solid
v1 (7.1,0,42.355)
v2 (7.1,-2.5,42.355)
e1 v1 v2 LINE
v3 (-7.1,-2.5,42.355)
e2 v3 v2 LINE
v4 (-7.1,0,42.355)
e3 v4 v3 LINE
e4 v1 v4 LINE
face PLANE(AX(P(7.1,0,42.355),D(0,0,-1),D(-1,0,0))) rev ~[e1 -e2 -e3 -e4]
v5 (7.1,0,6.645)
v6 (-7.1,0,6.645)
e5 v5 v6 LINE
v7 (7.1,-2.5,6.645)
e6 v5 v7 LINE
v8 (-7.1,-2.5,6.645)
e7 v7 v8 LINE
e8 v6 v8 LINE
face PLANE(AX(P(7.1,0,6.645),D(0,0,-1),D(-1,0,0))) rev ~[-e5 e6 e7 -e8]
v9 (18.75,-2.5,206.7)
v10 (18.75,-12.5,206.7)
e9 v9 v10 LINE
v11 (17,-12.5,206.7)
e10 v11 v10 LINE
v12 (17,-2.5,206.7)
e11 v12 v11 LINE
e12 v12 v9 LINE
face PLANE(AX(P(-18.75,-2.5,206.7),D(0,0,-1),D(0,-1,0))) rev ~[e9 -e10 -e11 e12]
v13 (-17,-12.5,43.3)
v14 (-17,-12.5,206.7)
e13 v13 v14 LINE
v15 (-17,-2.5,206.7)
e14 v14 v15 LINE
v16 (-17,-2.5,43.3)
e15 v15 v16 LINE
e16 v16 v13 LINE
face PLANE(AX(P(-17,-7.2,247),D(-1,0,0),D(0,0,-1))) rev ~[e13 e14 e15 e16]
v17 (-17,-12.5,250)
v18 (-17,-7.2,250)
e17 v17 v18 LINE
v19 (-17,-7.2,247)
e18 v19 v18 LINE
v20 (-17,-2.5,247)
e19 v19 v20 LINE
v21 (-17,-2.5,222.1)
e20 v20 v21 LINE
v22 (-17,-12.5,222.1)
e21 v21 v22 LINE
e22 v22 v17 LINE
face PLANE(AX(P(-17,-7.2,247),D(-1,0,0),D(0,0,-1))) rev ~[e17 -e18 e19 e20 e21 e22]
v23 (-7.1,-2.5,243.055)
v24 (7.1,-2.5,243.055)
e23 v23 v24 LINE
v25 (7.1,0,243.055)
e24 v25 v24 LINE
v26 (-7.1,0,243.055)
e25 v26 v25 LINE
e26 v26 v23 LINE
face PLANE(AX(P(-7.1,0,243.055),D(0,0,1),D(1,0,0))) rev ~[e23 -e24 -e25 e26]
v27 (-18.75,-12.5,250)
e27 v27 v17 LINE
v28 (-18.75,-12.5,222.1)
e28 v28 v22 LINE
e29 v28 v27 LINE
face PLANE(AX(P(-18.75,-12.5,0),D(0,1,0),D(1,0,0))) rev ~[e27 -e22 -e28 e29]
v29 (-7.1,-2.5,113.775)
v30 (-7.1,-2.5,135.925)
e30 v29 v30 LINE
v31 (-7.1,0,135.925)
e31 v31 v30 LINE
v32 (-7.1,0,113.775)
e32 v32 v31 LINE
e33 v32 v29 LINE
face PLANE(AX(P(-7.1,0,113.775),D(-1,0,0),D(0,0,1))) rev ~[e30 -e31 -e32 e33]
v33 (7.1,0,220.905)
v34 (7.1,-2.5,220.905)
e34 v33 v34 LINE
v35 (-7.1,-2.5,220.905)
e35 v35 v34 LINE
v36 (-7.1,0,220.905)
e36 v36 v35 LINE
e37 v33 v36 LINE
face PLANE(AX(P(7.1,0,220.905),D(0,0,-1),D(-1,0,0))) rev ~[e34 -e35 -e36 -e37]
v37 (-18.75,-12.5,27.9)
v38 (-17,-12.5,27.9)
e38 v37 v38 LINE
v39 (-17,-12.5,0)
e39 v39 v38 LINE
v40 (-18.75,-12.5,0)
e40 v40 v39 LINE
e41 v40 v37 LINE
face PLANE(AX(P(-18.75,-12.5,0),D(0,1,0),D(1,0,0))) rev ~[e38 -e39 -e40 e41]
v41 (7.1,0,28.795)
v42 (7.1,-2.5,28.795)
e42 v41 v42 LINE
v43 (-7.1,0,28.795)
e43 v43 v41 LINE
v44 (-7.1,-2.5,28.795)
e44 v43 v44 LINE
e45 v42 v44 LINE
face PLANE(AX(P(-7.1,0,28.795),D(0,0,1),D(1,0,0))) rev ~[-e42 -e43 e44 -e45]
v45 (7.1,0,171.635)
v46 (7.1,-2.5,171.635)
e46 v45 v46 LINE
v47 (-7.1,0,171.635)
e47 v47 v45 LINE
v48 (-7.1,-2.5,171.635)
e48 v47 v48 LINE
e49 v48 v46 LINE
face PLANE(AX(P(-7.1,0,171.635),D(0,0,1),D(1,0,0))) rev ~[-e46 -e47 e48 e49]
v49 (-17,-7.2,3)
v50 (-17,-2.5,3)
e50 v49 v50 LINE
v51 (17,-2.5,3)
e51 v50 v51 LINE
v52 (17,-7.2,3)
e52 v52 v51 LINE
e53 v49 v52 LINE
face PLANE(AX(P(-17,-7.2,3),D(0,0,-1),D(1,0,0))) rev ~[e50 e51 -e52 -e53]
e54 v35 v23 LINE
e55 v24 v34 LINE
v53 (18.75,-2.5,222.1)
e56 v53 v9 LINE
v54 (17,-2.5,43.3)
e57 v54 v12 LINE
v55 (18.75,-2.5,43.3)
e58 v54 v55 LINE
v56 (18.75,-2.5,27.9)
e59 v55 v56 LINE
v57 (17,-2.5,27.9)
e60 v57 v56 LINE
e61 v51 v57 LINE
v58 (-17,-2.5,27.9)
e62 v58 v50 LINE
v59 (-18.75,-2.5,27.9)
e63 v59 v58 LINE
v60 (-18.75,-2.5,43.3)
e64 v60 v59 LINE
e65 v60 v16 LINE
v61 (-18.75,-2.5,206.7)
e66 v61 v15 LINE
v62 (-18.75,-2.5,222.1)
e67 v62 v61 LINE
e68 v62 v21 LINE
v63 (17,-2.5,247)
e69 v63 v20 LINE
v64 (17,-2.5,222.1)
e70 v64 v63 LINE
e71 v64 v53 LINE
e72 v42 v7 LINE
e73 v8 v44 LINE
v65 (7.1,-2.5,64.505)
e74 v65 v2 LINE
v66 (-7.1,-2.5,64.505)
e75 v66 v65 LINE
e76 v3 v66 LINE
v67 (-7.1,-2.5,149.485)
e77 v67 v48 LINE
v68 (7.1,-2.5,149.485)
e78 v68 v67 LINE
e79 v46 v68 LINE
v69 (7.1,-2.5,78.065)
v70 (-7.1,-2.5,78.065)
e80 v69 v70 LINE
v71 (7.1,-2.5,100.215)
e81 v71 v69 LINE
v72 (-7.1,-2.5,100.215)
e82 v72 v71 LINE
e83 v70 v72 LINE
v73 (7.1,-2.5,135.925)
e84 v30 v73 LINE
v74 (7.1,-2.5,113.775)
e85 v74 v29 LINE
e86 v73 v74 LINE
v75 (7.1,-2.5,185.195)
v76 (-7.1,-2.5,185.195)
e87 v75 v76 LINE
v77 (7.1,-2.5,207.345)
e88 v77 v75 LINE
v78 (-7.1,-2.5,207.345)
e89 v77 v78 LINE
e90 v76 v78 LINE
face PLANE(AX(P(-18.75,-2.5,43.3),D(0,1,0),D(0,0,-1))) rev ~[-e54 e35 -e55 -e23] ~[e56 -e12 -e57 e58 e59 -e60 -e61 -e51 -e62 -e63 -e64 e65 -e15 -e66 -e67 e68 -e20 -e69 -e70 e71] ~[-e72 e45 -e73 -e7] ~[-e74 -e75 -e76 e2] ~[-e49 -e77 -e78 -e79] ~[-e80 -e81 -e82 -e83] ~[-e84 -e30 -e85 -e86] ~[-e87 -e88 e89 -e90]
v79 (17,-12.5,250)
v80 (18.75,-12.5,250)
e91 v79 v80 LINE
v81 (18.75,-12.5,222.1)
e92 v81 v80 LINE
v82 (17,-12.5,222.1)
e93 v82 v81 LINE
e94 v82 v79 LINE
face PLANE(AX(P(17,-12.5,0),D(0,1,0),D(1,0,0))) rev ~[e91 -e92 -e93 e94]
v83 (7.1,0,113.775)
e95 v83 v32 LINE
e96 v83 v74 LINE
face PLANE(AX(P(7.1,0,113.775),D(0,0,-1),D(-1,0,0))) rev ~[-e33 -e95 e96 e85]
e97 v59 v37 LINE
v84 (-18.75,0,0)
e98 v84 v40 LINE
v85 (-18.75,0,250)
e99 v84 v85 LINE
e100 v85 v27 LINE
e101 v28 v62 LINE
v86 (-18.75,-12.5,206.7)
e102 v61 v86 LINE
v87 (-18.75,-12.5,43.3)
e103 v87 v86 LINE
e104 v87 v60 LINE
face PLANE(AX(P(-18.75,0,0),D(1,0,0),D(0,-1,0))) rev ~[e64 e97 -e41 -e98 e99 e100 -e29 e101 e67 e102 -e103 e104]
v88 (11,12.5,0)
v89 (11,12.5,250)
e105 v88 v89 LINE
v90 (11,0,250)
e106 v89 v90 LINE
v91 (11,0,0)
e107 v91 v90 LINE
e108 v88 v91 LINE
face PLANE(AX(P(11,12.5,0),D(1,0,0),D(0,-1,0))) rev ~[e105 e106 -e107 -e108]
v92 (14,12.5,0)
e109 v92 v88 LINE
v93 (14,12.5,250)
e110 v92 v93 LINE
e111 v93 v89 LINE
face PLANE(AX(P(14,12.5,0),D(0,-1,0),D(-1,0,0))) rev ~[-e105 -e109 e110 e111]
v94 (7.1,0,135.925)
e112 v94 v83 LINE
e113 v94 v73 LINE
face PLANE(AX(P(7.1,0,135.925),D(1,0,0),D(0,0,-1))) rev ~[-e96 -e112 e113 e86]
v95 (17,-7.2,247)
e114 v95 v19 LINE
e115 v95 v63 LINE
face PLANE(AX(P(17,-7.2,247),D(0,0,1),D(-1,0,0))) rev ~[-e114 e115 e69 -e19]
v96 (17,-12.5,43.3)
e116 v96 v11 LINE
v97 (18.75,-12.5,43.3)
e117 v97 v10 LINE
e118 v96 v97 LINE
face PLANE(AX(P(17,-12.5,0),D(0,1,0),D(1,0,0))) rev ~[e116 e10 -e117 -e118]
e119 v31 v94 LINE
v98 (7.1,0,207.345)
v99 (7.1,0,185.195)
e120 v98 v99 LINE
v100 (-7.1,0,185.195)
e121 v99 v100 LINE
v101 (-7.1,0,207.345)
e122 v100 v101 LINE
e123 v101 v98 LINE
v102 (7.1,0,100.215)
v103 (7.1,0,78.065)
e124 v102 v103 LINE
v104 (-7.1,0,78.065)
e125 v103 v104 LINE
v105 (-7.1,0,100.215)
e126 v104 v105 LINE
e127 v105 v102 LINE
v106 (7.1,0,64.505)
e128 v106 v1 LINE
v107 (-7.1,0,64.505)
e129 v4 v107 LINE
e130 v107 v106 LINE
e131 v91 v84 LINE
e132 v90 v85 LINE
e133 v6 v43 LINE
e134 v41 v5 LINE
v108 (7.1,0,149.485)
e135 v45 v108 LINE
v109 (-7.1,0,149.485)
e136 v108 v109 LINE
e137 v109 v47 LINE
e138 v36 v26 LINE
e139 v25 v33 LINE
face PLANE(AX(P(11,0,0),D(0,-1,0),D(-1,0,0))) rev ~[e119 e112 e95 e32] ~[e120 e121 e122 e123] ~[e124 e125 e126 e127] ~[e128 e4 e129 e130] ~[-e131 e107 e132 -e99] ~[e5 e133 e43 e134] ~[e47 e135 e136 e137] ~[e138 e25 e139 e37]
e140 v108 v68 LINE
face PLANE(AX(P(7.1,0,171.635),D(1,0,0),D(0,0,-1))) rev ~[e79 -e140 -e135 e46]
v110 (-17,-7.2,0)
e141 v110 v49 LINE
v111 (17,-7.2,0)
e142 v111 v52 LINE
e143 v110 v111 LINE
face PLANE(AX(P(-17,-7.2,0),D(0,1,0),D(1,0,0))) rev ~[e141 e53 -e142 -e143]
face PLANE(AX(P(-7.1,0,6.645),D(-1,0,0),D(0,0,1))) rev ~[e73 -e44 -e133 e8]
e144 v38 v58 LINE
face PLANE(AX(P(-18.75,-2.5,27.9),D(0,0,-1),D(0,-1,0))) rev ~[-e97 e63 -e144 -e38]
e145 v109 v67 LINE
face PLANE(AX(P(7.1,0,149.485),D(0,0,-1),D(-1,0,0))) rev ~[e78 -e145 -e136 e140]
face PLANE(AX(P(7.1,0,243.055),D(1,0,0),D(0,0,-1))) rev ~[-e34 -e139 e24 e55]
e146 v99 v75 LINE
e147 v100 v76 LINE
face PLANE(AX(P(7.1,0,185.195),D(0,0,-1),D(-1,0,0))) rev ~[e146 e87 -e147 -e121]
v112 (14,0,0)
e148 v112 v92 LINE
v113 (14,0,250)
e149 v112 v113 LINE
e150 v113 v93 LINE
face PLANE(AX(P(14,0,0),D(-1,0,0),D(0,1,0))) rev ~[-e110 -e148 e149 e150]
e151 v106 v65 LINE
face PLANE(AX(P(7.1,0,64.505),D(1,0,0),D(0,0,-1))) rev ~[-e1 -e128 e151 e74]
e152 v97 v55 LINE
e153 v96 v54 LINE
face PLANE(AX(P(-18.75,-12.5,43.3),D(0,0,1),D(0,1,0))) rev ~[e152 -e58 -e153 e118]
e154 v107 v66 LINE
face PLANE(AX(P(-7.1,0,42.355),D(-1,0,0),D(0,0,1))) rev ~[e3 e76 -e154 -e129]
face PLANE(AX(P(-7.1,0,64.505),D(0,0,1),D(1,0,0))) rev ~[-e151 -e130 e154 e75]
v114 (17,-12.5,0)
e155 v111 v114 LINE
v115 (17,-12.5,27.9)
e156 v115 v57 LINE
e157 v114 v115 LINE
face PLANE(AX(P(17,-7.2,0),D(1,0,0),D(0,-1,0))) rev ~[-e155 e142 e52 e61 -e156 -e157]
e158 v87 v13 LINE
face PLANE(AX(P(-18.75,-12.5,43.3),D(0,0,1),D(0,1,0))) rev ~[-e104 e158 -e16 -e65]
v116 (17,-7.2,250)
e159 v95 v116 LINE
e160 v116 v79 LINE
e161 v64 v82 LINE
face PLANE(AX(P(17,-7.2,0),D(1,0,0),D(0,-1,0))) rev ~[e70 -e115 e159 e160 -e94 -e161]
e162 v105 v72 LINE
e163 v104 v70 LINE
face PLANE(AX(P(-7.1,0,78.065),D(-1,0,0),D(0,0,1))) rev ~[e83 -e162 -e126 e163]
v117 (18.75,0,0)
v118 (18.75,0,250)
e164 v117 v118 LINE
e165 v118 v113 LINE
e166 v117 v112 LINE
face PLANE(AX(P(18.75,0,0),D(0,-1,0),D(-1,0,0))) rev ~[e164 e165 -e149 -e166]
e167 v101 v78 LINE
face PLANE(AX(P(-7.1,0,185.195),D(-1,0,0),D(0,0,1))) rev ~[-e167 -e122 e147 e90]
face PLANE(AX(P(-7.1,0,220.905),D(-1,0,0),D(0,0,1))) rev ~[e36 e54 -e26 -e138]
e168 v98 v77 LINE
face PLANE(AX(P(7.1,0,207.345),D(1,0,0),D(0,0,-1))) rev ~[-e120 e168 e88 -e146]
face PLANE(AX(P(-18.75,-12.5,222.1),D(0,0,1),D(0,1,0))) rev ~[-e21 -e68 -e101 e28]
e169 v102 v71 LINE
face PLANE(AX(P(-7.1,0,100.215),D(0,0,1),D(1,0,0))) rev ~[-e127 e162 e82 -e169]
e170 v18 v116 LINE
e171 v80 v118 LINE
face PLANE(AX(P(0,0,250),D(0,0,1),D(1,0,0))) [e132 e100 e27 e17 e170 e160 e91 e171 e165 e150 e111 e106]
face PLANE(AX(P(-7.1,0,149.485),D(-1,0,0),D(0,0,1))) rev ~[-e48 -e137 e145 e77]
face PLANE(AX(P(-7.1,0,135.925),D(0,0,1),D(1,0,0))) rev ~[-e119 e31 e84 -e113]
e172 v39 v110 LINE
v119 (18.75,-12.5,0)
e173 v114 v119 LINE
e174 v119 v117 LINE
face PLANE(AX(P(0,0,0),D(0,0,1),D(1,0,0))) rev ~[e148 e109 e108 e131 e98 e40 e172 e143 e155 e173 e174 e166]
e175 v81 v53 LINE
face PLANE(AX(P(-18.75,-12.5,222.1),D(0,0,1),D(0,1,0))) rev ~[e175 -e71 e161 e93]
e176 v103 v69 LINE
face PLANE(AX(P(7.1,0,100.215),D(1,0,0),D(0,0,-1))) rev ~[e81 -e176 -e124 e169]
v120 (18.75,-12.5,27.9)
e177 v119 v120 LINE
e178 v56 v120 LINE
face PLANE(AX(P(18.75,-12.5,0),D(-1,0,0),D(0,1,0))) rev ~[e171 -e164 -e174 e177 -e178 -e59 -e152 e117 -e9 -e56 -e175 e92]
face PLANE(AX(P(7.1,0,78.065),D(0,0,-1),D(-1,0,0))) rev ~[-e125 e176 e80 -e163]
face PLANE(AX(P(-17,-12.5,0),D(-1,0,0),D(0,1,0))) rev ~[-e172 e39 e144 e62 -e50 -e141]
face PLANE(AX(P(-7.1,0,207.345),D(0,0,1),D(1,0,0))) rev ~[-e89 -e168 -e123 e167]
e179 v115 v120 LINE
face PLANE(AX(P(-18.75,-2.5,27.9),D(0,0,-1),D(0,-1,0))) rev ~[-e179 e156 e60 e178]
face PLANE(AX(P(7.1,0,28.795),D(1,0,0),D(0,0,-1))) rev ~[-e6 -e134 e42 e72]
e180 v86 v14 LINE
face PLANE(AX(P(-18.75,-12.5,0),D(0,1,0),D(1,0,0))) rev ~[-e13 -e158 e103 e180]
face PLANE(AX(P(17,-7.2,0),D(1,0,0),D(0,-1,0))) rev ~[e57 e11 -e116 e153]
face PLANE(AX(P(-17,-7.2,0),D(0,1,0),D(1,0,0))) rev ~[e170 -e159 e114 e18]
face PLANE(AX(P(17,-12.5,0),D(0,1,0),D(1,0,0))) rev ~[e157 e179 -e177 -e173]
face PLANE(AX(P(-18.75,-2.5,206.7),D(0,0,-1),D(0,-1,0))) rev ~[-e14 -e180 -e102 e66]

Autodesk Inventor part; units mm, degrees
sketch "Sketch_1" plane through (0, 0, 0) normal (0, 0, 1) x (1, 0, 0)
  line L0 (-18.75, -12.5) -> (-17, -12.5)
  line L1 (-17, -12.5) -> (-17, -7.2)
  line L2 (-17, -7.2) -> (17, -7.2)
  line L3 (17, -7.2) -> (17, -12.5)
  line L4 (17, -12.5) -> (18.75, -12.5)
  line L5 (18.75, -12.5) -> (18.75, 0)
  line L6 (18.75, 0) -> (14, 0)
  line L7 (14, 0) -> (14, 12.5)
  line L8 (14, 12.5) -> (11, 12.5)
  line L9 (11, 12.5) -> (11, 0)
  line L10 (11, 0) -> (-18.75, 0)
  line L11 (-18.75, 0) -> (-18.75, -12.5)
extrude "Extrusion1" add sketch "Sketch_1" along normal blind 250
sketch "Sketch_2" plane through (-18.75, 0, 0) normal (0, 1, 0) x (0, 0, 1)
  line L0 (6.645, 11.65) -> (28.795, 11.65)
  line L1 (28.795, 11.65) -> (28.795, 25.85)
  line L2 (28.795, 25.85) -> (6.645, 25.85)
  line L3 (6.645, 25.85) -> (6.645, 11.65)
extrude "Extrusion2" cut sketch "Sketch_2" against normal blind 8
sketch "Sketch_3" plane through (-18.75, 0, 0) normal (0, 1, 0) x (0, 0, 1)
  line L0 (42.355, 25.85) -> (42.355, 11.65)
  line L1 (42.355, 11.65) -> (64.505, 11.65)
  line L2 (64.505, 11.65) -> (64.505, 25.85)
  line L3 (64.505, 25.85) -> (42.355, 25.85)
extrude "Extrusion3" cut sketch "Sketch_3" against normal blind 8
sketch "Sketch_4" plane through (-18.75, 0, 0) normal (0, 1, 0) x (0, 0, 1)
  line L0 (78.065, 11.65) -> (100.215, 11.65)
  line L1 (100.215, 11.65) -> (100.215, 25.85)
  line L2 (100.215, 25.85) -> (78.065, 25.85)
  line L3 (78.065, 25.85) -> (78.065, 11.65)
extrude "Extrusion4" cut sketch "Sketch_4" against normal blind 8
sketch "Sketch_5" plane through (-18.75, 0, 0) normal (0, 1, 0) x (0, 0, 1)
  line L0 (113.775, 25.85) -> (113.775, 11.65)
  line L1 (113.775, 11.65) -> (135.925, 11.65)
  line L2 (135.925, 11.65) -> (135.925, 25.85)
  line L3 (135.925, 25.85) -> (113.775, 25.85)
extrude "Extrusion5" cut sketch "Sketch_5" against normal blind 8
sketch "Sketch_6" plane through (-18.75, 0, 0) normal (0, 1, 0) x (0, 0, 1)
  line L0 (149.485, 25.85) -> (149.485, 11.65)
  line L1 (149.485, 11.65) -> (171.635, 11.65)
  line L2 (171.635, 11.65) -> (171.635, 25.85)
  line L3 (171.635, 25.85) -> (149.485, 25.85)
extrude "Extrusion6" cut sketch "Sketch_6" against normal blind 8
sketch "Sketch_7" plane through (-18.75, 0, 0) normal (0, 1, 0) x (0, 0, 1)
  line L0 (185.195, 11.65) -> (207.345, 11.65)
  line L1 (207.345, 11.65) -> (207.345, 25.85)
  line L2 (207.345, 25.85) -> (185.195, 25.85)
  line L3 (185.195, 25.85) -> (185.195, 11.65)
extrude "Extrusion7" cut sketch "Sketch_7" against normal blind 8
sketch "Sketch_8" plane through (-18.75, 0, 0) normal (0, 1, 0) x (0, 0, 1)
  line L0 (220.905, 25.85) -> (220.905, 11.65)
  line L1 (220.905, 11.65) -> (243.055, 11.65)
  line L2 (243.055, 11.65) -> (243.055, 25.85)
  line L3 (243.055, 25.85) -> (220.905, 25.85)
extrude "Extrusion8" cut sketch "Sketch_8" against normal blind 8
sketch "Sketch_10" plane through (-18.75, -12.5, 0) normal (-1, 0, 0) x (0, 0, 1)
  line L0 (27.9, 10) -> (27.9, 0)
  line L1 (27.9, 0) -> (43.3, 0)
  line L2 (43.3, 0) -> (43.3, 10)
  line L3 (43.3, 10) -> (27.9, 10)
extrude "Extrusion9" cut sketch "Sketch_10" against normal blind 37.5
sketch "Sketch_11" plane through (-18.75, -12.5, 0) normal (-1, 0, 0) x (0, 0, 1)
  line L0 (206.7, 10) -> (206.7, 0)
  line L1 (206.7, 0) -> (222.1, 0)
  line L2 (222.1, 0) -> (222.1, 10)
  line L3 (222.1, 10) -> (206.7, 10)
extrude "Extrusion10" cut sketch "Sketch_11" against normal blind 37.5
sketch "Sketch_13" plane through (-17, -7.2, 0) normal (0, -1, 0) x (1, 0, 0)
  line L0 (0, 247) -> (0, 3)
  line L1 (0, 3) -> (34, 3)
  line L2 (34, 3) -> (34, 247)
  line L3 (34, 247) -> (0, 247)
extrude "Extrusion11" cut sketch "Sketch_13" against normal blind 4.7
ref_plane "p_XY" through (0, 0, 0) normal (0, 1, 0) x (1, 0, 0)
ref_plane "p_YZ" through (0, 0, 0) normal (1, 0, 0) x (0, 0, -1)
ref_plane "p_ZX" through (0, 0, 0) normal (0, 0, -1) x (0, 1, 0)
ref_plane "p1_XY" through (0, -9.5, 17.72) normal (1, 0, 0) x (0, 0, -1)
ref_plane "p1_YZ" through (0, -9.5, 17.72) normal (0, 0, -1) x (0, 1, 0)
ref_plane "p1_ZX" through (0, -9.5, 17.72) normal (0, 1, 0) x (1, 0, 0)
ref_plane "p2_XY" through (0, -9.5, 53.43) normal (1, 0, 0) x (0, 0, -1)
ref_plane "p2_YZ" through (0, -9.5, 53.43) normal (0, 0, -1) x (0, 1, 0)
ref_plane "p2_ZX" through (0, -9.5, 53.43) normal (0, 1, 0) x (1, 0, 0)
ref_plane "p3_XY" through (0, -9.5, 89.14) normal (1, 0, 0) x (0, 0, -1)
ref_plane "p3_YZ" through (0, -9.5, 89.14) normal (0, 0, -1) x (0, 1, 0)
ref_plane "p3_ZX" through (0, -9.5, 89.14) normal (0, 1, 0) x (1, 0, 0)
ref_plane "p4_XY" through (0, -9.5, 124.85) normal (1, 0, 0) x (0, 0, -1)
ref_plane "p4_YZ" through (0, -9.5, 124.85) normal (0, 0, -1) x (0, 1, 0)
ref_plane "p4_ZX" through (0, -9.5, 124.85) normal (0, 1, 0) x (1, 0, 0)
ref_plane "p5_XY" through (0, -9.5, 160.56) normal (1, 0, 0) x (0, 0, -1)
ref_plane "p5_YZ" through (0, -9.5, 160.56) normal (0, 0, -1) x (0, 1, 0)
ref_plane "p5_ZX" through (0, -9.5, 160.56) normal (0, 1, 0) x (1, 0, 0)
ref_plane "p6_XY" through (0, -9.5, 196.27) normal (1, 0, 0) x (0, 0, -1)
ref_plane "p6_YZ" through (0, -9.5, 196.27) normal (0, 0, -1) x (0, 1, 0)
ref_plane "p6_ZX" through (0, -9.5, 196.27) normal (0, 1, 0) x (1, 0, 0)
ref_plane "p7_XY" through (0, -9.5, 231.98) normal (1, 0, 0) x (0, 0, -1)
ref_plane "p7_YZ" through (0, -9.5, 231.98) normal (0, 0, -1) x (0, 1, 0)
ref_plane "p7_ZX" through (0, -9.5, 231.98) normal (0, 1, 0) x (1, 0, 0)
properties part number "PRO10282 Rollenleiste Abdeckung mit Seitenfuehrung 250"
